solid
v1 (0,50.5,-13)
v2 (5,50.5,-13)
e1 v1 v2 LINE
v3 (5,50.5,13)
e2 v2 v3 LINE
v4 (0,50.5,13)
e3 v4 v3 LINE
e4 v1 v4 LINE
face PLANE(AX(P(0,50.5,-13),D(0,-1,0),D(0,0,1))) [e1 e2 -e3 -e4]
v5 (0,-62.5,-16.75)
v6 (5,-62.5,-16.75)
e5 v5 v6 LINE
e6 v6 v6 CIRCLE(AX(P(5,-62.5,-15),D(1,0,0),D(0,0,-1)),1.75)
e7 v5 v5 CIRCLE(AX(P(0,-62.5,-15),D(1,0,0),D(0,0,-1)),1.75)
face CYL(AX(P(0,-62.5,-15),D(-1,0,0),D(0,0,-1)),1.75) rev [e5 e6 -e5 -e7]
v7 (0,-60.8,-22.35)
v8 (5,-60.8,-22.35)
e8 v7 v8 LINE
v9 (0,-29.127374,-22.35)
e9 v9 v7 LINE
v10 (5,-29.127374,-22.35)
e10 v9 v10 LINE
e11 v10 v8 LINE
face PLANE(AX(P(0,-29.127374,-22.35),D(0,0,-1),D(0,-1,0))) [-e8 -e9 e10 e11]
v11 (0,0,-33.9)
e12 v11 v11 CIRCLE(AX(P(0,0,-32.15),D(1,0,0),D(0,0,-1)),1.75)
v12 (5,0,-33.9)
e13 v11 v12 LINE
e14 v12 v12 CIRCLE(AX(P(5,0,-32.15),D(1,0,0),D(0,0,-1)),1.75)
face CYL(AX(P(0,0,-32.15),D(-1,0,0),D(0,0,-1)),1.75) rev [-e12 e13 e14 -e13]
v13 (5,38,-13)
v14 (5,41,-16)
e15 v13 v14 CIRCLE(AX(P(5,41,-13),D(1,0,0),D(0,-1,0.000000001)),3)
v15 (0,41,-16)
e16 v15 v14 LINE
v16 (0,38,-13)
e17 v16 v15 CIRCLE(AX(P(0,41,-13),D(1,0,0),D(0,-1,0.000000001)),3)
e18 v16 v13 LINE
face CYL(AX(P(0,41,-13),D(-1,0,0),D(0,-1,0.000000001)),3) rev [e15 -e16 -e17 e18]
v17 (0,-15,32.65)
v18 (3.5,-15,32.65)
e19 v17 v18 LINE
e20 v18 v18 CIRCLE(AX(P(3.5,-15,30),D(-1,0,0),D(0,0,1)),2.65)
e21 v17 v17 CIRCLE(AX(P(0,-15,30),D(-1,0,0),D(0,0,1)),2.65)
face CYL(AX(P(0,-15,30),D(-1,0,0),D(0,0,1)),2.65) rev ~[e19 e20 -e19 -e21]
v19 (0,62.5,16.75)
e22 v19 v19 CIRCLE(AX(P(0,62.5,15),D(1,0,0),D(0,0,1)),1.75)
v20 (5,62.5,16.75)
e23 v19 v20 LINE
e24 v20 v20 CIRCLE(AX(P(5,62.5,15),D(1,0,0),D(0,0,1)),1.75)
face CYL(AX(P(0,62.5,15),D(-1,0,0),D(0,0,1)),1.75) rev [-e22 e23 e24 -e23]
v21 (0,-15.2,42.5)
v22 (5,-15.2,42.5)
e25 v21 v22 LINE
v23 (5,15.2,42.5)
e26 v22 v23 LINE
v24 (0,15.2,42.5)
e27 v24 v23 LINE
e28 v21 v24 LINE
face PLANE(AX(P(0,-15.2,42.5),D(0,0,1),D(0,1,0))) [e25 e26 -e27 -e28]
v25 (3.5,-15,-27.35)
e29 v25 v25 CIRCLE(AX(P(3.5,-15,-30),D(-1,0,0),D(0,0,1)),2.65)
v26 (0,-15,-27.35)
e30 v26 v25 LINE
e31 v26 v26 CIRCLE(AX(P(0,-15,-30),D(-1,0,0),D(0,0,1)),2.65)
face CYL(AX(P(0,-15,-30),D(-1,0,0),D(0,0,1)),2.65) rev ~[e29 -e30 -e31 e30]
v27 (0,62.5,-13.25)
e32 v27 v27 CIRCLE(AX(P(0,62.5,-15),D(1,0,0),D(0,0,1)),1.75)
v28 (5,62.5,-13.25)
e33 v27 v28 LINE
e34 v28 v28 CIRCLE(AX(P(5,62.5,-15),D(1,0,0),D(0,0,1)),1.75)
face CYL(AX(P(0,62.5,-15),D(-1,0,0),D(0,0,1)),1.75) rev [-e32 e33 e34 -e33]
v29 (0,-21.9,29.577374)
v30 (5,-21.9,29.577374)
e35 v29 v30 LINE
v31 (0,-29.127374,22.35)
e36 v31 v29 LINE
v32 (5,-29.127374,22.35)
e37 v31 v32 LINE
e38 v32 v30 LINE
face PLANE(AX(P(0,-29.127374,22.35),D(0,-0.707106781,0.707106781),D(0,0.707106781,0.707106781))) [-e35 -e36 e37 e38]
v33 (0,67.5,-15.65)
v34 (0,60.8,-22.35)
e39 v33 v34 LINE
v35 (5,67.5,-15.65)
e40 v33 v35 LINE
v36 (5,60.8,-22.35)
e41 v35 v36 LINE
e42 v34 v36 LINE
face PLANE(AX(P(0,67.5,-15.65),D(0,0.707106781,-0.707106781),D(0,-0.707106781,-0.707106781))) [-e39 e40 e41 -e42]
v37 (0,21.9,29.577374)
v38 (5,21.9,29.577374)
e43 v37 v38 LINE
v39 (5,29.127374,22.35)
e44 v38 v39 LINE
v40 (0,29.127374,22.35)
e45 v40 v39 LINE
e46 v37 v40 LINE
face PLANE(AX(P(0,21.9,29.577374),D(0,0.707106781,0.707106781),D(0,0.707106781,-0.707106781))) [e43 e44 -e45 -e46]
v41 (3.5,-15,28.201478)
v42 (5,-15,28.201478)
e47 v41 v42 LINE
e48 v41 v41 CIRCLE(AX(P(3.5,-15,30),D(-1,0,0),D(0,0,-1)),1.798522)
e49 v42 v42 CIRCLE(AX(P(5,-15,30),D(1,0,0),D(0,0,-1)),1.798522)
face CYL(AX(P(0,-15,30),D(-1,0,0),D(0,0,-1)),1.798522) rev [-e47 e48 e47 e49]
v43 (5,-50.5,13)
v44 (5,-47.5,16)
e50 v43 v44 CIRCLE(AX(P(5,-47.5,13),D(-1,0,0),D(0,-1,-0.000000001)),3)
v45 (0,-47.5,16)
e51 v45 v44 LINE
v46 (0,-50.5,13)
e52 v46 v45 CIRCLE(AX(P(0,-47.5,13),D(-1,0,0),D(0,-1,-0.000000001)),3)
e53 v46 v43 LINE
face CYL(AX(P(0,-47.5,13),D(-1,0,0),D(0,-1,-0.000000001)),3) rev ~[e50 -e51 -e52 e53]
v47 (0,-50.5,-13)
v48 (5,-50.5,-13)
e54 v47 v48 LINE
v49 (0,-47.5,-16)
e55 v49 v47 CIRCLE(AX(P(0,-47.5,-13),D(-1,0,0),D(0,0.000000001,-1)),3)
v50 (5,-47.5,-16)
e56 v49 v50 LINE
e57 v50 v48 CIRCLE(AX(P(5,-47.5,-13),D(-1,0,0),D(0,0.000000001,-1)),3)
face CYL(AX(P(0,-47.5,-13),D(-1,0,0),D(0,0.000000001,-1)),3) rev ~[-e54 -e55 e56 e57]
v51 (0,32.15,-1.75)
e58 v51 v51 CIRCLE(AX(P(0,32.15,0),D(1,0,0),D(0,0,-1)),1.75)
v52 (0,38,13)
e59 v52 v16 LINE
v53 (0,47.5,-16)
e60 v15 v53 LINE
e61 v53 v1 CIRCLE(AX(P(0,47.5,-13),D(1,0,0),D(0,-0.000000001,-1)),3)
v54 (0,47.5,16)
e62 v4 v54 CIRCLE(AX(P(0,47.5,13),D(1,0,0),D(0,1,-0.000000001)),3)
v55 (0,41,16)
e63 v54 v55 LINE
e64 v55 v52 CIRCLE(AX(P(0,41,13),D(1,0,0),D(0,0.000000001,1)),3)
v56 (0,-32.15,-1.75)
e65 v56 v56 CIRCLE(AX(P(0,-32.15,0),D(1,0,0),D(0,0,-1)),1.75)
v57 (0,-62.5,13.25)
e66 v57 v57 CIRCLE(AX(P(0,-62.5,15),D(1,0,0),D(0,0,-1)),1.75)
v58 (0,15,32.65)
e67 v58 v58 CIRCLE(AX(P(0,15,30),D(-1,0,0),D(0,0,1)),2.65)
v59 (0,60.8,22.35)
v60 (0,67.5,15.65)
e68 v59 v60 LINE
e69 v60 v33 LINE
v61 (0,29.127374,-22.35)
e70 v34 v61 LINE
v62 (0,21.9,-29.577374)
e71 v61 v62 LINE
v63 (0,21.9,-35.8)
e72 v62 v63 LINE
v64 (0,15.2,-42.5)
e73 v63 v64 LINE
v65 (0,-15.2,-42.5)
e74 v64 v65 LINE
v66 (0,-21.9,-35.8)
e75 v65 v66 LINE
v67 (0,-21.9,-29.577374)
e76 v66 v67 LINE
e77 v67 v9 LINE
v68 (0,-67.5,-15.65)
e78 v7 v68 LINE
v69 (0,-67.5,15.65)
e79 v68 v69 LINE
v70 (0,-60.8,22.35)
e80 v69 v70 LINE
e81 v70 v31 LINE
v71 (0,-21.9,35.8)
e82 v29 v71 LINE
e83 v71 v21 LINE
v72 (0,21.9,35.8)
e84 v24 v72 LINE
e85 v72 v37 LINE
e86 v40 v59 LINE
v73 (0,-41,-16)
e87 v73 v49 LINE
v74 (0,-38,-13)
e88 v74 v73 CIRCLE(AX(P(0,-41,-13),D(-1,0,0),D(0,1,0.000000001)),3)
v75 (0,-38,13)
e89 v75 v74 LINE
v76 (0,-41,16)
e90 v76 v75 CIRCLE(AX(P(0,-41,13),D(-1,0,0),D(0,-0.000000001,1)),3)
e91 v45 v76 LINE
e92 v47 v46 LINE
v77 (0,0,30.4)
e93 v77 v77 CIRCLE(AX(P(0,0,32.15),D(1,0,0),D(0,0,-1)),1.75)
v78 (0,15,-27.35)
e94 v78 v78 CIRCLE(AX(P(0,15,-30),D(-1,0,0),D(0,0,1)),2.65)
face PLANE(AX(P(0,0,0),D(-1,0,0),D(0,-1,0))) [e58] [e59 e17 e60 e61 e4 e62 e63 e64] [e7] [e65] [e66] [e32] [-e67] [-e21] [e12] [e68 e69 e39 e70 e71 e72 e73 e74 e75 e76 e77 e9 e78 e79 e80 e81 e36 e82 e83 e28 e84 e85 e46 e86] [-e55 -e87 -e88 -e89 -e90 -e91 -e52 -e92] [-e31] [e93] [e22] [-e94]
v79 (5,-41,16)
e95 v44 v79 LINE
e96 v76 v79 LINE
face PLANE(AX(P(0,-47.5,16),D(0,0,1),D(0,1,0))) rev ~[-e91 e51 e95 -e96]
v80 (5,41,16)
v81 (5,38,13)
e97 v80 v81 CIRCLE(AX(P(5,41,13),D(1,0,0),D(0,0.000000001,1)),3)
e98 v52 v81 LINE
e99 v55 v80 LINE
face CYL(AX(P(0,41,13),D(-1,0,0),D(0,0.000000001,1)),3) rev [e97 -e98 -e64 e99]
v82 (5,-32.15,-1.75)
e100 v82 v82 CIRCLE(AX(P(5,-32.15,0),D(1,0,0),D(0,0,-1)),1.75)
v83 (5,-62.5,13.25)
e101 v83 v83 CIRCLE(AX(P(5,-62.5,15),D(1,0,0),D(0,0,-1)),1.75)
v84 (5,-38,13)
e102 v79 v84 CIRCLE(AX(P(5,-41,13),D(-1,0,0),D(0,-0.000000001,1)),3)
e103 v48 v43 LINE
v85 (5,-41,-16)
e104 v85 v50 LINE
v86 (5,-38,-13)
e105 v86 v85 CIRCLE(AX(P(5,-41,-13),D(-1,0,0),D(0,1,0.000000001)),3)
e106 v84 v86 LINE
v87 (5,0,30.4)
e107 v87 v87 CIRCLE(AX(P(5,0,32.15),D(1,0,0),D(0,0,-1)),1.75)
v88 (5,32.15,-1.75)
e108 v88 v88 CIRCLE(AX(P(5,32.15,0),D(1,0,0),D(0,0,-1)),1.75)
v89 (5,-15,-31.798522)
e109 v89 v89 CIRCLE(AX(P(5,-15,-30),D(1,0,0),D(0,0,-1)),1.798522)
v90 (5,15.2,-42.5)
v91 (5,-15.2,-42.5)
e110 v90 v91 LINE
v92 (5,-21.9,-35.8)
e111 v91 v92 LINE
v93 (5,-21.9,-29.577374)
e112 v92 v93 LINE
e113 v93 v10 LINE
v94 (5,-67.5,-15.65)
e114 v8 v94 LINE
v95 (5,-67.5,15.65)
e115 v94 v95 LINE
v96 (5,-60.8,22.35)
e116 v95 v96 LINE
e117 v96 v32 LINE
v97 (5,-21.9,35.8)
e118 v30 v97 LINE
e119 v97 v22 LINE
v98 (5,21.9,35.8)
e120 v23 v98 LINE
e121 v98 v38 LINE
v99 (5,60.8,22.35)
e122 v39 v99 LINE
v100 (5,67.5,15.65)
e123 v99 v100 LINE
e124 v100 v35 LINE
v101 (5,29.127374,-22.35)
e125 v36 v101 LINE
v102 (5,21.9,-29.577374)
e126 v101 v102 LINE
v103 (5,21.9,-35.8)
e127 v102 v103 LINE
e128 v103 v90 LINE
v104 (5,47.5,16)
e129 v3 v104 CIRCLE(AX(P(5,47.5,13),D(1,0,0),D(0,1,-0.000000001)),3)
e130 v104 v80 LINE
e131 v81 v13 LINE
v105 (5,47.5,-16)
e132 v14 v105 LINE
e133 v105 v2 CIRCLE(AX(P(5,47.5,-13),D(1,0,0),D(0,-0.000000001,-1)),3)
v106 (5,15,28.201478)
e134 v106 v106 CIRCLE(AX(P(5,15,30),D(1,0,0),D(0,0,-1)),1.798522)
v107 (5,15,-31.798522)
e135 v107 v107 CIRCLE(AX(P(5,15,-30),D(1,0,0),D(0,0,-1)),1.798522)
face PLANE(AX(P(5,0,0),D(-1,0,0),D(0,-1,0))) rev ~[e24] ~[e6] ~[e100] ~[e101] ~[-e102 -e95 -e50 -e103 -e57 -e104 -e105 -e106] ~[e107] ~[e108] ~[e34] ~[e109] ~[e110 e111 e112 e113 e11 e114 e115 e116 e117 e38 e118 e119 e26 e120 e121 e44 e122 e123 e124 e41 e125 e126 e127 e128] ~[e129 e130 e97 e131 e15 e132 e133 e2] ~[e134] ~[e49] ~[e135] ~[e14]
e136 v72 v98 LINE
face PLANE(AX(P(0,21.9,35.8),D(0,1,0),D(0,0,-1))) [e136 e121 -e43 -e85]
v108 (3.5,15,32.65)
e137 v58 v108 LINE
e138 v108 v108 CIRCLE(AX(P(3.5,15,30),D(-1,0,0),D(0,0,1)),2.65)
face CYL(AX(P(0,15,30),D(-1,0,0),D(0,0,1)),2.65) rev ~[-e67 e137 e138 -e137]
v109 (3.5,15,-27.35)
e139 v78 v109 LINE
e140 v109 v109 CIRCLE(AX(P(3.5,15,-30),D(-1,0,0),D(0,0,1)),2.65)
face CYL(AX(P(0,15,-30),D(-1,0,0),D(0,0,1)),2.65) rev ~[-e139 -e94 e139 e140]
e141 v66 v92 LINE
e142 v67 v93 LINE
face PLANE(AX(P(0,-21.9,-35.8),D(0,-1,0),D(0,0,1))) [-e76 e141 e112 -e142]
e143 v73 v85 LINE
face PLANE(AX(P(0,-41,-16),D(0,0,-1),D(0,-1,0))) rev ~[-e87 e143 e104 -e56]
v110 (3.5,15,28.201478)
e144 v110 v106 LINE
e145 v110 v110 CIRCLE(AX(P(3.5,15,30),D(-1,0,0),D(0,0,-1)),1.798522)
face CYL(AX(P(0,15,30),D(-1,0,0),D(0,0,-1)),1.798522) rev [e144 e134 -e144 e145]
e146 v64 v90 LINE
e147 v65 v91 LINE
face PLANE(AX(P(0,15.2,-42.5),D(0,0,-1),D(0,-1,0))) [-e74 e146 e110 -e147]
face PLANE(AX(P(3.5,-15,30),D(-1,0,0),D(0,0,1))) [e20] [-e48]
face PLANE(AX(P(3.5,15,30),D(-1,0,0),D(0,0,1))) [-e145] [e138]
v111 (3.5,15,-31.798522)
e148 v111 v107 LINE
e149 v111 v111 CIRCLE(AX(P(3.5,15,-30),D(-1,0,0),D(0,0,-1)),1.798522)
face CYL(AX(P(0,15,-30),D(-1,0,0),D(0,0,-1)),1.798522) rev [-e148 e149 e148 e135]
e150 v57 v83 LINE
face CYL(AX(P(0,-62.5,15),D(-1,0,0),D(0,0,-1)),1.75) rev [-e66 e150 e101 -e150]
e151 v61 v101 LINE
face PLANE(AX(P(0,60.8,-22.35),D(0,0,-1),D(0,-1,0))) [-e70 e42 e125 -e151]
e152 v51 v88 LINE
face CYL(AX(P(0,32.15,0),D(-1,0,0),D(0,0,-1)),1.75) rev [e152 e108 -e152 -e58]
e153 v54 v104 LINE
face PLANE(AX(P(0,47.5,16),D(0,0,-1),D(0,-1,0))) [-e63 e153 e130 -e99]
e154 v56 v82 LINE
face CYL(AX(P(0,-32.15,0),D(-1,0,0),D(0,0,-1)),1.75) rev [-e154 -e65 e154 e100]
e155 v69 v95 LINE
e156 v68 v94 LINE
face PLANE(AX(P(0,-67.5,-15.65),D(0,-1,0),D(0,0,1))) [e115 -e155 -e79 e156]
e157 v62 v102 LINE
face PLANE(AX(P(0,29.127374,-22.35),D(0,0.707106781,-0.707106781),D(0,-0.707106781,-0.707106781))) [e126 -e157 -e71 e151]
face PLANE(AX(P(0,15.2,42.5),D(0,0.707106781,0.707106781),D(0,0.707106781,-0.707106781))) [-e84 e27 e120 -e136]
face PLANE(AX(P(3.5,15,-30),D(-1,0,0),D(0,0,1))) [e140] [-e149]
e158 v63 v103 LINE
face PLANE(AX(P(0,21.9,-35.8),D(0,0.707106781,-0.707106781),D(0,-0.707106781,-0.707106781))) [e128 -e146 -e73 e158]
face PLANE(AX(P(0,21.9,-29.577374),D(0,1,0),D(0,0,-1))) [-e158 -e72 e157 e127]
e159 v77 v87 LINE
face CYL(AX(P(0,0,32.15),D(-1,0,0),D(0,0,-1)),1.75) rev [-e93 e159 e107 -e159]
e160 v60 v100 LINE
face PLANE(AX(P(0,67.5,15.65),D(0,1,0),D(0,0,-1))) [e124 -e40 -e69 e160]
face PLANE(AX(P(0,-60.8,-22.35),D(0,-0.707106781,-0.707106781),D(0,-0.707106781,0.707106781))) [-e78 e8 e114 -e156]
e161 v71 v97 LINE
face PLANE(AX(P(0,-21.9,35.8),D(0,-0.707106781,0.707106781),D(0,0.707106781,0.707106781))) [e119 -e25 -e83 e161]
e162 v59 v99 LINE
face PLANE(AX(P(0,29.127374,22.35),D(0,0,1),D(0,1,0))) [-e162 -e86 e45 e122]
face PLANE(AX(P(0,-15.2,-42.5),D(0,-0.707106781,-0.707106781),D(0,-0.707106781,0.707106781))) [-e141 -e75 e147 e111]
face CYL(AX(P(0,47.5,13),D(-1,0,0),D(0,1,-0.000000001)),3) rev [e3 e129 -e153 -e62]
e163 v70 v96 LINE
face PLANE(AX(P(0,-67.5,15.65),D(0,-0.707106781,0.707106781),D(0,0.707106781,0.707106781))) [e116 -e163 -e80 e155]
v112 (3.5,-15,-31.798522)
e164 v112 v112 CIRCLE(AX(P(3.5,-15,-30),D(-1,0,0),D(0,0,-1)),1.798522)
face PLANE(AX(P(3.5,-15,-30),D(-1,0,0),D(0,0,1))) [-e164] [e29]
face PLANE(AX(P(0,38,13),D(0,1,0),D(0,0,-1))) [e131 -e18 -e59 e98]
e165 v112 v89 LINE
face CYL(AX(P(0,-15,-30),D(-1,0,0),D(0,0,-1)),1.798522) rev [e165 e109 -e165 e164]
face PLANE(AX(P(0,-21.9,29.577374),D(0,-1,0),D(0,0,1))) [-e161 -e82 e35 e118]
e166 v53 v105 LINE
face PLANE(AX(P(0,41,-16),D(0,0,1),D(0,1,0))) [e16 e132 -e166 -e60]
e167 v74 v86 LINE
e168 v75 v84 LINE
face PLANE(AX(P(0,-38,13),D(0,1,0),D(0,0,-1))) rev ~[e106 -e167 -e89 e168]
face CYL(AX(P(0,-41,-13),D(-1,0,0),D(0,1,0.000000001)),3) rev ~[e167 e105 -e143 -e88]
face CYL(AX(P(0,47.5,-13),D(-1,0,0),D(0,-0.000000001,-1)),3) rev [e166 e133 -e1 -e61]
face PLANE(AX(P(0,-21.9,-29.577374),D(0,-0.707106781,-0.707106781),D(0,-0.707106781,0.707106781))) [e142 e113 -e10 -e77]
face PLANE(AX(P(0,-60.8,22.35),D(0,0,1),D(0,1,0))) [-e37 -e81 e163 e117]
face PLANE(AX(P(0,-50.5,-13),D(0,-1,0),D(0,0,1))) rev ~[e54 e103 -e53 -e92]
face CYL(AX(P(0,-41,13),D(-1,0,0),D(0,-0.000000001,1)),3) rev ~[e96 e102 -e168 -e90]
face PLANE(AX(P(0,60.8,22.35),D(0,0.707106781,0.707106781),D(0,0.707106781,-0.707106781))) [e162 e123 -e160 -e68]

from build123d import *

# Parameters (mm, degrees)
SKETCH1_R           = 1.75
SKETCH1_R_2         = 1.798521792
BOSS_EXTRUDE1_DEPTH = 5
SKETCH2_R           = 2.65
CUT_EXTRUDE1_DEPTH  = 3.5


with BuildPart() as part:
    # Sketch1 → Boss-Extrude1 (new body)
    with BuildSketch(Plane.YZ):
        Polygon((-67.5, -15.65), (-67.5, 15.65), (-60.8, 22.35), (-29.12737367, 22.35), (-21.9, 29.57737367), (-21.9, 35.8), (-15.2, 42.5), (15.2, 42.5), (21.9, 35.8), (21.9, 29.57737367), (29.12737367, 22.35), (60.8, 22.35), (67.5, 15.65), (67.5, -15.65), (60.8, -22.35), (29.12737367, -22.35), (21.9, -29.57737367), (21.9, -35.8), (15.2, -42.5), (-15.2, -42.5), (-21.9, -35.8), (-21.9, -29.57737367), (-29.12737367, -22.35), (-60.8, -22.35), align=None)
        with Locations(Location((0, 32.15, 0), (0, 0, 270))):
            Circle(SKETCH1_R, mode=Mode.SUBTRACT)
        with Locations(Location((-32.15, 0, 0), (0, 0, 270))):
            Circle(SKETCH1_R, mode=Mode.SUBTRACT)
        with Locations(Location((0, -32.15, 0), (0, 0, 270))):
            Circle(SKETCH1_R, mode=Mode.SUBTRACT)
        with Locations(Location((32.15, 0, 0), (0, 0, 270))):
            Circle(SKETCH1_R, mode=Mode.SUBTRACT)
        with Locations(Location((-62.5, -15, 0), (0, 0, 270))):
            Circle(SKETCH1_R, mode=Mode.SUBTRACT)
        with Locations(Location((-62.5, 15, 0), (0, 0, 270))):
            Circle(SKETCH1_R, mode=Mode.SUBTRACT)
        with Locations(Location((62.5, -15, 0), (0, 0, 90))):
            Circle(SKETCH1_R, mode=Mode.SUBTRACT)
        with Locations(Location((62.5, 15, 0), (0, 0, 90))):
            Circle(SKETCH1_R, mode=Mode.SUBTRACT)
        with Locations(Location((-15, 30, 0), (0, 0, 270))):
            Circle(SKETCH1_R_2, mode=Mode.SUBTRACT)
        with Locations(Location((15, 30, 0), (0, 0, 270))):
            Circle(SKETCH1_R_2, mode=Mode.SUBTRACT)
        with Locations(Location((15, -30, 0), (0, 0, 270))):
            Circle(SKETCH1_R_2, mode=Mode.SUBTRACT)
        with Locations(Location((-15, -30, 0), (0, 0, 270))):
            Circle(SKETCH1_R_2, mode=Mode.SUBTRACT)
        with BuildLine():
            Line((41, -16), (47.5, -16))
            ThreePointArc((47.5, -16), (49.621320344, -15.121320344), (50.5, -13))
            Line((50.5, -13), (50.5, 13))
            ThreePointArc((50.5, 13), (49.621320344, 15.121320344), (47.5, 16))
            Line((47.5, 16), (41, 16))
            ThreePointArc((41, 16), (38.878679656, 15.121320344), (38, 13))
            Line((38, 13), (38, -13))
            ThreePointArc((38, -13), (38.878679656, -15.121320344), (41, -16))
        make_face(mode=Mode.SUBTRACT)
        with BuildLine():
            Line((-41, -16), (-47.5, -16))
            ThreePointArc((-47.5, -16), (-49.621320344, -15.121320344), (-50.5, -13))
            Line((-50.5, -13), (-50.5, 13))
            ThreePointArc((-50.5, 13), (-49.621320344, 15.121320344), (-47.5, 16))
            Line((-47.5, 16), (-41, 16))
            ThreePointArc((-41, 16), (-38.878679656, 15.121320344), (-38, 13))
            Line((-38, 13), (-38, -13))
            ThreePointArc((-38, -13), (-38.878679656, -15.121320344), (-41, -16))
        make_face(mode=Mode.SUBTRACT)
    extrude(amount=BOSS_EXTRUDE1_DEPTH)

    # Sketch2 → Cut-Extrude1 (cut)
    with BuildSketch(Plane(origin=(0, 0, 0), x_dir=(0, -1, 0), z_dir=(-1, 0, 0))):
        with Locations(Location((-15, 30, 0), (0, 0, 90))):
            Circle(SKETCH2_R)
        with Locations(Location((15, 30, 0), (0, 0, 90))):
            Circle(SKETCH2_R)
        with Locations(Location((15, -30, 0), (0, 0, 90))):
            Circle(SKETCH2_R)
        with Locations(Location((-15, -30, 0), (0, 0, 90))):
            Circle(SKETCH2_R)
    extrude(amount=-CUT_EXTRUDE1_DEPTH, mode=Mode.SUBTRACT)


solid = part.part
